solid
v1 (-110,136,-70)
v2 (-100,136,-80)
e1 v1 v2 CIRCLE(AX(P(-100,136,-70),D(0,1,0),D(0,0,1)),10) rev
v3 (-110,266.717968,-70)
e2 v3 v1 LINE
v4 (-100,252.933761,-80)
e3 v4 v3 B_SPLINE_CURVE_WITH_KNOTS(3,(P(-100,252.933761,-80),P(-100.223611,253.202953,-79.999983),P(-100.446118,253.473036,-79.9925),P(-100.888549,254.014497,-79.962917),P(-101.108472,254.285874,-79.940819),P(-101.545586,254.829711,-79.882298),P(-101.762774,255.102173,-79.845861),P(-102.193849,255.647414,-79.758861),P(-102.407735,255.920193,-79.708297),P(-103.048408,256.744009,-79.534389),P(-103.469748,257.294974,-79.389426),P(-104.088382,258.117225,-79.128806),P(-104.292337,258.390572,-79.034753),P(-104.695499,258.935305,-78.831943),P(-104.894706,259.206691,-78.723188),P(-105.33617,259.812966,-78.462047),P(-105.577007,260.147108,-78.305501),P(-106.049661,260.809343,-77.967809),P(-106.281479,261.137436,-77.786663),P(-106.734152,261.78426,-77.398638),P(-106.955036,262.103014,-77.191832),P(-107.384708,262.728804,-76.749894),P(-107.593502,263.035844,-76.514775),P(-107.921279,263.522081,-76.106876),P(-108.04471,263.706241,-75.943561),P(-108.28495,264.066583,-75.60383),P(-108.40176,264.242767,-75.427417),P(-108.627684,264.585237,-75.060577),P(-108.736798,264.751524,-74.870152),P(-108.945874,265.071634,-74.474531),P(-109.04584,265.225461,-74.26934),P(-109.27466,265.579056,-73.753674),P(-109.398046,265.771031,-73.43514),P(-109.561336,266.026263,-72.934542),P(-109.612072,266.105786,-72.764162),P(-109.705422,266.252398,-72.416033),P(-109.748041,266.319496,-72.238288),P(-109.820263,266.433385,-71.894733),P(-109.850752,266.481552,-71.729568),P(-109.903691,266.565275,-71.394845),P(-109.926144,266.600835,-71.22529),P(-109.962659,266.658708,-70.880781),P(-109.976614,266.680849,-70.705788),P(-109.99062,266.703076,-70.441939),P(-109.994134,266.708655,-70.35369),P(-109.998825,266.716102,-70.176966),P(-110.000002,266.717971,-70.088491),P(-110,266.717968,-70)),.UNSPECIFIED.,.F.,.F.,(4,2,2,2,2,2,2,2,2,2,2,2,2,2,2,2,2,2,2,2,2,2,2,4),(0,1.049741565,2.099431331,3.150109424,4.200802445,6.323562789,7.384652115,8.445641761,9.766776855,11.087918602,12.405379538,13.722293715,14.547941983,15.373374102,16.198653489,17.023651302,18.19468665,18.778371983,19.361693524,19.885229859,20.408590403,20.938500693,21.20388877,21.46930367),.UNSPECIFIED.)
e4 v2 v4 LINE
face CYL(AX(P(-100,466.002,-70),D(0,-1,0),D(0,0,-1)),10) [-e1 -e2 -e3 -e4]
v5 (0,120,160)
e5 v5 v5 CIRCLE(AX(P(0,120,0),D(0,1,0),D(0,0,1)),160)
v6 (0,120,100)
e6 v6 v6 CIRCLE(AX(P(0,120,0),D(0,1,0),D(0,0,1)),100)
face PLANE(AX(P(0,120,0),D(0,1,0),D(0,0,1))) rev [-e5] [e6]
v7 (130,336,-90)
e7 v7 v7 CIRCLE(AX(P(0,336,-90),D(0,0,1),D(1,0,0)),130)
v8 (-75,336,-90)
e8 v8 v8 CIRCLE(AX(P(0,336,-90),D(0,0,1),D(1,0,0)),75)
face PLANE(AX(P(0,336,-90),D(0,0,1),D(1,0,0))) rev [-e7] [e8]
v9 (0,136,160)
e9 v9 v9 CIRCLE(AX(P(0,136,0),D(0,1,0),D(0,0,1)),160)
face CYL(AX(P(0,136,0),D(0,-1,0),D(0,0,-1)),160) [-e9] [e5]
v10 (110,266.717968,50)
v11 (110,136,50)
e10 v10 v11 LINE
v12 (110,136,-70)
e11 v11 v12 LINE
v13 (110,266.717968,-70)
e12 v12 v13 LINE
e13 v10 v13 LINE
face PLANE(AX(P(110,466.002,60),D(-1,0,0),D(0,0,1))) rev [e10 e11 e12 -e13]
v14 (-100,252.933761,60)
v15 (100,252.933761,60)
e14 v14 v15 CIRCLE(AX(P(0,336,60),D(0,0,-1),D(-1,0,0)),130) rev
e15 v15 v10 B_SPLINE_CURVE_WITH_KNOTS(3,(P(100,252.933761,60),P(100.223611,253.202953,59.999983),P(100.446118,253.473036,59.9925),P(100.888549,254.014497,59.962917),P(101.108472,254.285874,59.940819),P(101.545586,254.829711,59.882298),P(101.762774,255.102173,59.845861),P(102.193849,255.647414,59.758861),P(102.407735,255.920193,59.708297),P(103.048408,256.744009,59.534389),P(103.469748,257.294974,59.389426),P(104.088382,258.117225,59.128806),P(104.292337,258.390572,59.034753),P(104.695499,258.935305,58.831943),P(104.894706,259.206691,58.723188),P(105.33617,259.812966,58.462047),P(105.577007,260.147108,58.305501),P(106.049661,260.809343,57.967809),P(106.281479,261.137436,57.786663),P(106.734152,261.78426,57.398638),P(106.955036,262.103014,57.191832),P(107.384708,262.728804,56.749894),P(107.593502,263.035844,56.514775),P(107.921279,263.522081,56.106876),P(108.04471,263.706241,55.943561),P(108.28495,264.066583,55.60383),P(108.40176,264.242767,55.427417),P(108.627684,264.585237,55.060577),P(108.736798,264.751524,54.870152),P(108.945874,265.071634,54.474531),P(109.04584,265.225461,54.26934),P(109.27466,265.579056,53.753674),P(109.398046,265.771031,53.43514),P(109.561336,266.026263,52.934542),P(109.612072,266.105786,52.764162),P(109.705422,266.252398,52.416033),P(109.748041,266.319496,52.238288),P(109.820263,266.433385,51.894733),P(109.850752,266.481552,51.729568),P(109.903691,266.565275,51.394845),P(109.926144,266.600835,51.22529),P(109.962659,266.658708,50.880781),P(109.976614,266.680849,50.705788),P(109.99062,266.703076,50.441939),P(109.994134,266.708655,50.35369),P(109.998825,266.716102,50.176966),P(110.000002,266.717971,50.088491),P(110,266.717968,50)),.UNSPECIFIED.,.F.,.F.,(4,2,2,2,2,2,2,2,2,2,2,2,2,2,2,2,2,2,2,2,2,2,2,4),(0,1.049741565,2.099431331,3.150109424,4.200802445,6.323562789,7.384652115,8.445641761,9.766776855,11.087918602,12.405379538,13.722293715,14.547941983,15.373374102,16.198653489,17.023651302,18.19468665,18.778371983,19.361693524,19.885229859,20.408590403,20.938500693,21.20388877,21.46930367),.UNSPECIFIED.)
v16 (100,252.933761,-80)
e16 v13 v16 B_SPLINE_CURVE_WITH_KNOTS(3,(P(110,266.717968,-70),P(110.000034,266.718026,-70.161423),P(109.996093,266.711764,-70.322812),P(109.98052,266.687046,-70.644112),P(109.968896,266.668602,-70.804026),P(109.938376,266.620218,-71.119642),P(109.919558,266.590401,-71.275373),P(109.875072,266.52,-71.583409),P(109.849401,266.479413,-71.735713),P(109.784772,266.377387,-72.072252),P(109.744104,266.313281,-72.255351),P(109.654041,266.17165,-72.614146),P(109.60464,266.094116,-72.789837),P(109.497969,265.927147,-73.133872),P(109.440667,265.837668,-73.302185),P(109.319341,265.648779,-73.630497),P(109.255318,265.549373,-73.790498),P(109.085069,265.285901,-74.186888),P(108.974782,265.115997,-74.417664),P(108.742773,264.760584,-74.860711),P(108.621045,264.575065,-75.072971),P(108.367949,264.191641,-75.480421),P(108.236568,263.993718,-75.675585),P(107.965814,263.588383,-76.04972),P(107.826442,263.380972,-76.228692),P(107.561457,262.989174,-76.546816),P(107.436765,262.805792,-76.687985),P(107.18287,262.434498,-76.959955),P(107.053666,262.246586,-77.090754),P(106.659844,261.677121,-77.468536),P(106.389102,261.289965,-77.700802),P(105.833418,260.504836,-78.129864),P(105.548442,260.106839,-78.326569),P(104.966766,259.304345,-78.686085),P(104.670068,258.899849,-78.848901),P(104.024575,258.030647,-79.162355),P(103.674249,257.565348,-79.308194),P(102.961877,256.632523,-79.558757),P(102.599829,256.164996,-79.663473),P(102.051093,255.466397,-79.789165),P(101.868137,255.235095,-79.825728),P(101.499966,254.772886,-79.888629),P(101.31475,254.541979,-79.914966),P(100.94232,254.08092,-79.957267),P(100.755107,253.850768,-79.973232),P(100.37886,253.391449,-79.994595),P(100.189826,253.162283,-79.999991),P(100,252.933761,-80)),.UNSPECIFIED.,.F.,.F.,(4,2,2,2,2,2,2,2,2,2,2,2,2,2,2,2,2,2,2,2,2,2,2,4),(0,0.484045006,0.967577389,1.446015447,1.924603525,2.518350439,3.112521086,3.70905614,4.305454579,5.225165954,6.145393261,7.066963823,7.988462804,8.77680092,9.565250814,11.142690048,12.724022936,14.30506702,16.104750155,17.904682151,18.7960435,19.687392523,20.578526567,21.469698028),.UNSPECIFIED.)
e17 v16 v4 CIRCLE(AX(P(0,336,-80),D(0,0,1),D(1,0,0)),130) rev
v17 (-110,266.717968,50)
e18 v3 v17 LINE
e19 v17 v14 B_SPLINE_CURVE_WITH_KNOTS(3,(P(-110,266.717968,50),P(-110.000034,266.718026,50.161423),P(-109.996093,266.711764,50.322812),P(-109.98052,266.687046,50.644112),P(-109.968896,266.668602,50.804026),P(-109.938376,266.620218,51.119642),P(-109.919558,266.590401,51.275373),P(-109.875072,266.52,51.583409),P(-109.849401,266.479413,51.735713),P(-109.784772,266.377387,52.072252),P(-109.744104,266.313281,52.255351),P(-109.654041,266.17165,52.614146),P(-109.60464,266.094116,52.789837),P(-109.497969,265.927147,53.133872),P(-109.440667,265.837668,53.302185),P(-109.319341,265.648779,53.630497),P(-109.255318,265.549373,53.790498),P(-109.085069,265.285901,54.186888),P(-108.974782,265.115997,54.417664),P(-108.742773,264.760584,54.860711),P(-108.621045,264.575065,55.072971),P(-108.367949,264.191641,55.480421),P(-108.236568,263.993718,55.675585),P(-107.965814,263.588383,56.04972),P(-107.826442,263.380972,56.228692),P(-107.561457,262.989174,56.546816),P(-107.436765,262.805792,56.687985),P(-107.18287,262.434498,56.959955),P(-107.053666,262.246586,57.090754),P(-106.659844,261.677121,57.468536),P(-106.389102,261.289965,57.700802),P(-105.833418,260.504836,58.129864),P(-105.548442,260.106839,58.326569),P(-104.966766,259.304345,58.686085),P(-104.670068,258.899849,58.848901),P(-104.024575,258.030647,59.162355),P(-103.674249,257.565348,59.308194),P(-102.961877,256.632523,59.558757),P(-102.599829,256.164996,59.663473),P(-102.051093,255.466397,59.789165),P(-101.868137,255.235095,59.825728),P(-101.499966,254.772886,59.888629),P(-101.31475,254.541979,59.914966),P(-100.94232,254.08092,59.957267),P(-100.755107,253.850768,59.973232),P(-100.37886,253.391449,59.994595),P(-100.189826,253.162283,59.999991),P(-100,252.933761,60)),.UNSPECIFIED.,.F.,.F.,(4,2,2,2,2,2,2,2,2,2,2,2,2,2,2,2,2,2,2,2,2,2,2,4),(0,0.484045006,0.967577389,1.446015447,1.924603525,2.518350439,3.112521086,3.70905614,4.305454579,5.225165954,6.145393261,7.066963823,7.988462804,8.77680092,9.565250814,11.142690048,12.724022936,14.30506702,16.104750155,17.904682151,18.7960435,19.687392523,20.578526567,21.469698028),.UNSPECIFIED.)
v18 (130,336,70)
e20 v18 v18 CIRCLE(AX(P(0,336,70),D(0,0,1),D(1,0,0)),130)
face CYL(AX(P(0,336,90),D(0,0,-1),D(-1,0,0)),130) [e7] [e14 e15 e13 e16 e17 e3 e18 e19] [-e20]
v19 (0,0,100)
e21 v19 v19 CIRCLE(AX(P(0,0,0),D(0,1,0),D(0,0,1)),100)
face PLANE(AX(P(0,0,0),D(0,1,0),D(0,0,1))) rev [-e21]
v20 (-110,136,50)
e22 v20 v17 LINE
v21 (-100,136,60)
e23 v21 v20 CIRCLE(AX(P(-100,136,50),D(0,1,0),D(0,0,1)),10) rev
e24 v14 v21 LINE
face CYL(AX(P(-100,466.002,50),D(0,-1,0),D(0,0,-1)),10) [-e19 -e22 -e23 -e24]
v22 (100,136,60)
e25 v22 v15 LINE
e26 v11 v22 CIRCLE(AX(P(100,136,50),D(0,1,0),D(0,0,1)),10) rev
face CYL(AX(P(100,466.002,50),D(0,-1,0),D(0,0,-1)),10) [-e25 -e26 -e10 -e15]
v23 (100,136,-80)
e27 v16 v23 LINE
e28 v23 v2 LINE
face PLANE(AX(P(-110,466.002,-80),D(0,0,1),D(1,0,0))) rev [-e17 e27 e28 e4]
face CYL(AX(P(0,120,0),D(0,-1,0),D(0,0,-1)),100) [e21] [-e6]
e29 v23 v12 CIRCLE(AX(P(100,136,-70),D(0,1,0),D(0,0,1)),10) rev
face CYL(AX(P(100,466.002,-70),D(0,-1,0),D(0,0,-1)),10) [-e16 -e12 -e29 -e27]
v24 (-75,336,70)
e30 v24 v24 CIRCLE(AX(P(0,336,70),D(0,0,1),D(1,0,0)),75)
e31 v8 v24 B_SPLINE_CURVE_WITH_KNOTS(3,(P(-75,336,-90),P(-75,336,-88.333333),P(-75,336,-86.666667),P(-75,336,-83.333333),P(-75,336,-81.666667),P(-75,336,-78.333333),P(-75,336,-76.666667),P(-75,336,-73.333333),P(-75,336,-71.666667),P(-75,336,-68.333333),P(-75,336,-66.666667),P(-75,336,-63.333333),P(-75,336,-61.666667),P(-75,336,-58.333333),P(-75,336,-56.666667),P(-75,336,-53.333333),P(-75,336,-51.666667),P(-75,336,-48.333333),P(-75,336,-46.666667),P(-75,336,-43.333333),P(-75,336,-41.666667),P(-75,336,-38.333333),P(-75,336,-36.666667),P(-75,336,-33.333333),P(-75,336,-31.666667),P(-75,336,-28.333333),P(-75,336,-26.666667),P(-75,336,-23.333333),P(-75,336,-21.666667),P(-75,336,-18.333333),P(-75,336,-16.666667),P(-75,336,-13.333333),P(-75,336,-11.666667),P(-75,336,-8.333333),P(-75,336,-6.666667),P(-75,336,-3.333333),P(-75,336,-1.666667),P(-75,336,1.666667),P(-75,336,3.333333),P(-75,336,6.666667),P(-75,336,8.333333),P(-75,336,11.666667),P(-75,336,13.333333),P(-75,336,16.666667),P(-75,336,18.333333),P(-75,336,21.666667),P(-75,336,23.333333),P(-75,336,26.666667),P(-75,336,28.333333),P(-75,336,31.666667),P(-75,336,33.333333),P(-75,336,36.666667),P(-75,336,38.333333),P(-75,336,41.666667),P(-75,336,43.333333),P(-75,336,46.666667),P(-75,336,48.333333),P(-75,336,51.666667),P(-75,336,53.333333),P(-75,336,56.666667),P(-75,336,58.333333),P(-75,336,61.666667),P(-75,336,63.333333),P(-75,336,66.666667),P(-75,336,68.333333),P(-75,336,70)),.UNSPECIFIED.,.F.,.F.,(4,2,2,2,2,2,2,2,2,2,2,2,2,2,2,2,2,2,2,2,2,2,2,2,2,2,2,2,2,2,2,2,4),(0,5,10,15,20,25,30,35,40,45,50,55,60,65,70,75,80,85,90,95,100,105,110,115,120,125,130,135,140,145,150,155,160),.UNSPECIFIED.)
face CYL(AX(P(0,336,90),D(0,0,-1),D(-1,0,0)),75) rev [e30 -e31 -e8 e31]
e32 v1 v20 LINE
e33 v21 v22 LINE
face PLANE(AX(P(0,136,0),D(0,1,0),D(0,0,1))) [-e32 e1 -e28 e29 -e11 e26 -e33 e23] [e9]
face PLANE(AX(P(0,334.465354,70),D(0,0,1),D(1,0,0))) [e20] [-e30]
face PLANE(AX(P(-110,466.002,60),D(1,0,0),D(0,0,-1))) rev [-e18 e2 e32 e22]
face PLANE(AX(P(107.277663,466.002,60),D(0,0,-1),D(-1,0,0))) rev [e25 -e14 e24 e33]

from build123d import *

# Parameters (mm, degrees)
IZIM2_R                          = 100
Y_KSEKLIK_EKSTR_ZYON1_DEPTH      = 120
IZIM3_R                          = 160
Y_KSEKLIK_EKSTR_ZYON2_DEPTH      = 16
IZIM4_R                          = 130
IZIM4_R_2                        = 75
Y_KSEKLIK_EKSTR_ZYON3_DEPTH      = 90
Y_KSEKLIK_EKSTR_ZYON4_REACH      = 402.125
Y_KSEKLIK_EKSTR_ZYON4_END_RADIUS = 130
SKETCH1_R                        = 137.362830178
SKETCH1_R_2                      = 73.465354293
CUT_EXTRUDE1_DEPTH               = 20
FILLET1_R                        = 10
FILLET2_R                        = 10


with BuildPart() as part:
    # Çizim2 → Yükseklik-Ekstrüzyon1 (new body)
    with BuildSketch(Plane(origin=(0, 0, 0), x_dir=(1, 0, 0), z_dir=(0, 1, 0))):
        with Locations(Location((0, 0, 0), (0, 0, 270))):
            Circle(IZIM2_R)
    extrude(amount=Y_KSEKLIK_EKSTR_ZYON1_DEPTH)

    # Çizim3 → Yükseklik-Ekstrüzyon2 (add)
    with BuildSketch(Plane(origin=(0, 120, 0), x_dir=(1, 0, 0), z_dir=(0, 1, 0))):
        with Locations(Location((0, 0, 0), (0, 0, 270))):
            Circle(IZIM3_R)
    extrude(amount=Y_KSEKLIK_EKSTR_ZYON2_DEPTH)



with BuildPart() as body_2:
    # Çizim4 → Yükseklik-Ekstrüzyon3 (new, symmetric)
    with BuildSketch(Plane.XY):
        with Locations(Location((0, 336, 0), (0, 0, 180))):
            Circle(IZIM4_R)
        with Locations(Location((0, 336, 0), (0, 0, 180))):
            Circle(IZIM4_R_2, mode=Mode.SUBTRACT)
    extrude(amount=Y_KSEKLIK_EKSTR_ZYON3_DEPTH, both=True)


with BuildPart() as part_1:
    add(part.part)

    add(body_2.part)  # Yükseklik-Ekstrüzyon4 merges body 2
    # Yükseklik-Ekstrüzyon4: up to this cylinder (the profile starts outside it)
    y_kseklik_ekstr_zyon4_end = Plane(origin=(0, 336, -10), z_dir=(0, 0, -1)) * Cylinder(Y_KSEKLIK_EKSTR_ZYON4_END_RADIUS, 1065.25, mode=Mode.PRIVATE)
    # Çizim6 → Yükseklik-Ekstrüzyon4 (add, up to the surface)
    with BuildSketch(Plane(origin=(0, 136, 0), x_dir=(1, 0, 0), z_dir=(0, 1, 0)), mode=Mode.PRIVATE) as y_kseklik_ekstr_zyon4_sk1:
        Polygon((107.277662826, -60), (110, -60), (110, 80), (-110, 80), (-110, -60), align=None)
    y_kseklik_ekstr_zyon4_tool1 = extrude(y_kseklik_ekstr_zyon4_sk1.sketch, amount=Y_KSEKLIK_EKSTR_ZYON4_REACH, mode=Mode.PRIVATE) - y_kseklik_ekstr_zyon4_end
    add(y_kseklik_ekstr_zyon4_tool1.solids().sort_by_distance((0, 136, -10))[0])

    # Sketch1 → Cut-Extrude1 (cut)
    with BuildSketch(Plane.XY.offset(90)):
        with Locations((0, 334.465354293)):
            Circle(SKETCH1_R)
        with Locations((0, 334.465354293)):
            Circle(SKETCH1_R_2, mode=Mode.SUBTRACT)
    extrude(amount=-CUT_EXTRUDE1_DEPTH, mode=Mode.SUBTRACT)

    # Fillet1
    fillet1_edges = [part_1.edges().sort_by_distance(p)[0] for p in [
        (-110, 201.358983849, 60),
        (110, 201.358983849, 60),
    ]]
    fillet(fillet1_edges, radius=FILLET1_R)

    # Fillet2
    fillet2_edges = [part_1.edges().sort_by_distance(p)[0] for p in [
        (110, 201.358983849, -80),
        (-110, 201.358983849, -80),
    ]]
    fillet(fillet2_edges, radius=FILLET2_R)


solid = part_1.part
